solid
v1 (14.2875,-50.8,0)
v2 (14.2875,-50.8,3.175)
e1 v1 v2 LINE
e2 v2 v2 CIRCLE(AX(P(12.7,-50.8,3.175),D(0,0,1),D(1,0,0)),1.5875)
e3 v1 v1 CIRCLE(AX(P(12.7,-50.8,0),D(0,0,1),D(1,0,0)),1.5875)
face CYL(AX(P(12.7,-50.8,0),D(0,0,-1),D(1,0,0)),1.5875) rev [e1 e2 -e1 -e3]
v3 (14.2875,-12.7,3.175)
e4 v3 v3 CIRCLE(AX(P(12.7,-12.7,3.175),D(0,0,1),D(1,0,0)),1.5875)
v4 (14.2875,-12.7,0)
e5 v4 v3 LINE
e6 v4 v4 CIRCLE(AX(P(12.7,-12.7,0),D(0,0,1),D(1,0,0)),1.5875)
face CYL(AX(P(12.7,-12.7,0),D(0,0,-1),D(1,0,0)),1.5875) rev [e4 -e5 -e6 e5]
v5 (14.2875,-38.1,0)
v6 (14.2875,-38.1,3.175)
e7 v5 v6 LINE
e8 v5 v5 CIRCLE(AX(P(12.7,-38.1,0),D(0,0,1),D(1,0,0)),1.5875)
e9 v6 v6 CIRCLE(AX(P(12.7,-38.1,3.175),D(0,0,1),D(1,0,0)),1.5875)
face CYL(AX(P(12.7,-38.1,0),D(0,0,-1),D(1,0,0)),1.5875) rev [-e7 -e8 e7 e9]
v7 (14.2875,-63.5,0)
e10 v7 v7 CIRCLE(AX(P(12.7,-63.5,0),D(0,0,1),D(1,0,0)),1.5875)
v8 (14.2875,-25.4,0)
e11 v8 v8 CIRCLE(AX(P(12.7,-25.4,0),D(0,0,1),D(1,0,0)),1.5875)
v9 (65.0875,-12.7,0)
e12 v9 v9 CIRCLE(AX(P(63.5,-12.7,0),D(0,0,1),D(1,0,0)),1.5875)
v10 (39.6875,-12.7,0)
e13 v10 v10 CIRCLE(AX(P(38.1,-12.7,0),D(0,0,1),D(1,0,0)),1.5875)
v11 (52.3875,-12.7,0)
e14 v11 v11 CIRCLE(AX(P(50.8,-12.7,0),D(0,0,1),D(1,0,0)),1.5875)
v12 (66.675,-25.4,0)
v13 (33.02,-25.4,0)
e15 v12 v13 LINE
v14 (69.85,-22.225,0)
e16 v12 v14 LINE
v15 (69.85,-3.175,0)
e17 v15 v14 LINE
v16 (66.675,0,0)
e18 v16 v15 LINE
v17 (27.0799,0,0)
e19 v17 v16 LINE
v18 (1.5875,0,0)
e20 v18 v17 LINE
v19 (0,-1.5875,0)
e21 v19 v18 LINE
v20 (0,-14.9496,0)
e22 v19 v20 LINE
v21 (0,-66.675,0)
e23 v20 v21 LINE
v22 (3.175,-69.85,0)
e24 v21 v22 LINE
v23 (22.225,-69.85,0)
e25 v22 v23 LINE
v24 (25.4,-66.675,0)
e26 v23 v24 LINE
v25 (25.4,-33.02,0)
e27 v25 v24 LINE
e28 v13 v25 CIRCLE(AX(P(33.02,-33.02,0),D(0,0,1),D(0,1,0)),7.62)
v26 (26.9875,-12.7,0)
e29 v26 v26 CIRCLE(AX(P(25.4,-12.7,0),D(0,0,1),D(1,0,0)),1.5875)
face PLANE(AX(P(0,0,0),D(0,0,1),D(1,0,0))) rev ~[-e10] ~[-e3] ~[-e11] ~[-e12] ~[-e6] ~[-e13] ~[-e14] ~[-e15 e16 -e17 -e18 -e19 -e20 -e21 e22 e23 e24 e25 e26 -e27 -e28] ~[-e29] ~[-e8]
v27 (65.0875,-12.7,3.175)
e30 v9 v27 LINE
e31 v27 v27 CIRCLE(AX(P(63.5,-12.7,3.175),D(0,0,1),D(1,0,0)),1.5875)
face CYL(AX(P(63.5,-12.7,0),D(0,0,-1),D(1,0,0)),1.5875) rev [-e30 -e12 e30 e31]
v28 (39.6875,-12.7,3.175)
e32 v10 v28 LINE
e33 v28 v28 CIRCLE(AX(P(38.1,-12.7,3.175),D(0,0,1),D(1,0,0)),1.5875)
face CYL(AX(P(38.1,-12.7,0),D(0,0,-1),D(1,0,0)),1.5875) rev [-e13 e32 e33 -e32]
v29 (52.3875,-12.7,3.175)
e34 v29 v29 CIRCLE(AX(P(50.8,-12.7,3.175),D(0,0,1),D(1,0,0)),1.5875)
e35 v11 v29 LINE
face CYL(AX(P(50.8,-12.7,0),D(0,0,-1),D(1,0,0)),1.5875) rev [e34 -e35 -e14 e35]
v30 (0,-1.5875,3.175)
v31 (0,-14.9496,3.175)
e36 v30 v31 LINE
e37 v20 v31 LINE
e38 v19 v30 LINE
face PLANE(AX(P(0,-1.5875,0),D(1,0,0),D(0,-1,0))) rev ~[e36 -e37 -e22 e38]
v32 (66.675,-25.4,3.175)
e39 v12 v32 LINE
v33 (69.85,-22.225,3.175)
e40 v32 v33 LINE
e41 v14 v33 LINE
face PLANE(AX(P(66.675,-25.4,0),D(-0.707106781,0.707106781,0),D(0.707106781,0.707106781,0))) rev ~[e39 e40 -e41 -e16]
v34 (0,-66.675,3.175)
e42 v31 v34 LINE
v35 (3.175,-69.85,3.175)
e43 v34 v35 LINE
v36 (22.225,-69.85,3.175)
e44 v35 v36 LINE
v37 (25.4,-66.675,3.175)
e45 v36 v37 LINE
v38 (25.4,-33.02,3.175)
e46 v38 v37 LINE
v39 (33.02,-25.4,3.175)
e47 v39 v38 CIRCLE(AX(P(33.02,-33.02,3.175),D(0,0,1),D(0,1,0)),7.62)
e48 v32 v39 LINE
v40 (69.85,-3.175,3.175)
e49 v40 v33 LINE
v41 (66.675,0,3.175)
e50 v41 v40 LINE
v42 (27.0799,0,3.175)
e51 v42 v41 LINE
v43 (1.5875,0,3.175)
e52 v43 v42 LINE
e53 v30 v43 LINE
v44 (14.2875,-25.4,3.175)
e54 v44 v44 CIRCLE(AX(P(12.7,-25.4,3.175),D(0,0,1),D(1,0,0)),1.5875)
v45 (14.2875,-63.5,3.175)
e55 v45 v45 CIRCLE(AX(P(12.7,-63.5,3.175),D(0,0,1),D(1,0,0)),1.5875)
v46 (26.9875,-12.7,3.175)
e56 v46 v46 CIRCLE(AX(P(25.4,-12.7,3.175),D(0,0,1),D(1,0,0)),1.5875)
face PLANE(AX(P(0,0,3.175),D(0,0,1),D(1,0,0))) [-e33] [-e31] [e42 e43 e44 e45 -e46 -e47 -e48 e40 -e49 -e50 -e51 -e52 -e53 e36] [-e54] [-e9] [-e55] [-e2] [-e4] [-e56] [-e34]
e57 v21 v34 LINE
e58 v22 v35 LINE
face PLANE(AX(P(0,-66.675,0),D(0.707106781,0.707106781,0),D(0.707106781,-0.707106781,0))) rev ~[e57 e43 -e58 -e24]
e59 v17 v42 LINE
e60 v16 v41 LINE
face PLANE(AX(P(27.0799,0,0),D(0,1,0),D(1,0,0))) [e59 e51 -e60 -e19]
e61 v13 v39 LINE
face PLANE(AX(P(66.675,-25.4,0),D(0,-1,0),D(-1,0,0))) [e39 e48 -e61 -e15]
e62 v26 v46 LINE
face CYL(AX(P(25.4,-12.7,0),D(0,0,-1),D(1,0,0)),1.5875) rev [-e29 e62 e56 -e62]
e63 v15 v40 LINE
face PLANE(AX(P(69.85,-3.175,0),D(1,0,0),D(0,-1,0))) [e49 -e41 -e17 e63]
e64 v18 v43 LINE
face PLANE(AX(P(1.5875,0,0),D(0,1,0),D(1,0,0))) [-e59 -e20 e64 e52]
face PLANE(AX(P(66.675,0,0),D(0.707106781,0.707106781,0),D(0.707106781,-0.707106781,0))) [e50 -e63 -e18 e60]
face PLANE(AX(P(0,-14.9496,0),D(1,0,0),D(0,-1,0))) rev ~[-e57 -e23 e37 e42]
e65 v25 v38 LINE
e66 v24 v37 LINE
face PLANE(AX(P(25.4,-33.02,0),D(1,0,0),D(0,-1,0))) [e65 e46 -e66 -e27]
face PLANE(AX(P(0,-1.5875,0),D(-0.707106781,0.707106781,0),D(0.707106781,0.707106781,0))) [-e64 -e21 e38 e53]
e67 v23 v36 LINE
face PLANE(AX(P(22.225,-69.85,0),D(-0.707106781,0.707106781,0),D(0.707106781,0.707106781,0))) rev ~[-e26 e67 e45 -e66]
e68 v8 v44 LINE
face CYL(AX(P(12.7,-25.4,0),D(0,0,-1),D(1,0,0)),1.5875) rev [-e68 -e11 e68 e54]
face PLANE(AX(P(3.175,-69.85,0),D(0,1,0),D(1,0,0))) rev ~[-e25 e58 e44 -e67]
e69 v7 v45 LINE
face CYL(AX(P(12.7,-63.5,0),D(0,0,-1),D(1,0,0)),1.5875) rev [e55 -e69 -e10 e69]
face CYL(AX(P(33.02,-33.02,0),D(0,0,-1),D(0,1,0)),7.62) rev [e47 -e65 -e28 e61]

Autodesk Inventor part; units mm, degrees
ref_plane "YZ Plane" through (0, 0, 0) normal (1, 0, 0) x (0, 1, 0)
ref_plane "XZ Plane" through (0, 0, 0) normal (0, 1, 0) x (-1, 0, 0)
ref_plane "XY Plane" through (0, 0, 0) normal (0, 0, 1) x (1, 0, 0)
sketch "Sketch1" plane through (0, 0, 0) normal (0, 0, 1) x (1, 0, 0)
  circle A0 centre (12.7, -12.7) radius 1.5875
  line L0 (0, 0) -> (0, -14.9496)
  line L1 (0, 0) -> (27.0799, 0)
  circle A1 centre (25.4, -12.7) radius 1.5875
  circle A2 centre (38.1, -12.7) radius 1.5875
  circle A3 centre (50.8, -12.7) radius 1.5875
  circle A4 centre (63.5, -12.7) radius 1.5875
  circle A5 centre (12.7, -25.4) radius 1.5875
  circle A6 centre (12.7, -38.1) radius 1.5875
  circle A7 centre (12.7, -50.8) radius 1.5875
  circle A8 centre (12.7, -63.5) radius 1.5875
  line L2 (27.0799, 0) -> (66.675, 0)
  line L3 (69.85, -3.175) -> (69.85, -22.225)
  line L4 (0, -14.9496) -> (0, -66.675)
  line L5 (3.175, -69.85) -> (22.225, -69.85)
  line L6 (66.675, -25.4) -> (33.02, -25.4)
  line L7 (25.4, -33.02) -> (25.4, -66.675)
  arc A9 (33.02, -25.4) -> (25.4, -33.02) centre (33.02, -33.02) ccw
  line L8 (66.675, 0) -> (69.85, -3.175)
  line L9 (66.675, -25.4) -> (69.85, -22.225)
  line L10 (0, -66.675) -> (3.175, -69.85)
  line L11 (22.225, -69.85) -> (25.4, -66.675)
  line L12 (0, -1.5875) -> (1.5875, 0)
  point P0 (69.85, 0)
  point P1 (69.85, -25.4)
  point P2 (69.85, -12.7)
  point P3 (0, -69.85)
  point P4 (25.4, -69.85)
  dimension "d0" = 3.175
  dimension "d1" = 12.7
  dimension "d2" = 12.7
  dimension "d5" = 12.7
  dimension "d12" = 12.7
  dimension "d17" = 6.35
  dimension "d18" = 25.4
  dimension "d19" = 6.35
  dimension "d20" = 25.4
  dimension "d21" = 7.62
  dimension "d22" = 3.175
  dimension "d23" = 3.175
  dimension "d24" = 3.175
  dimension "d25" = 3.175
  dimension "d26" = 3.175
  dimension "d27" = 3.175
  dimension "d28" = 3.175
  dimension "d29" = 3.175
extrude "Extrusion1" add sketch "Sketch1" along normal blind 3.175 contours L12 L1 L2 L8 L3 L9 L6 A9 L7 L11 L5 L10 L4 L0
equation "\"d23\" = d22"
equation "\"d24\" = d22"
equation "\"d25\" = d24"
equation "\"d26\" = d22"
equation "\"d27\" = d26"
equation "\"d28\" = d22"
equation "\"d29\" = d28"
properties part number "L-Bracket"
